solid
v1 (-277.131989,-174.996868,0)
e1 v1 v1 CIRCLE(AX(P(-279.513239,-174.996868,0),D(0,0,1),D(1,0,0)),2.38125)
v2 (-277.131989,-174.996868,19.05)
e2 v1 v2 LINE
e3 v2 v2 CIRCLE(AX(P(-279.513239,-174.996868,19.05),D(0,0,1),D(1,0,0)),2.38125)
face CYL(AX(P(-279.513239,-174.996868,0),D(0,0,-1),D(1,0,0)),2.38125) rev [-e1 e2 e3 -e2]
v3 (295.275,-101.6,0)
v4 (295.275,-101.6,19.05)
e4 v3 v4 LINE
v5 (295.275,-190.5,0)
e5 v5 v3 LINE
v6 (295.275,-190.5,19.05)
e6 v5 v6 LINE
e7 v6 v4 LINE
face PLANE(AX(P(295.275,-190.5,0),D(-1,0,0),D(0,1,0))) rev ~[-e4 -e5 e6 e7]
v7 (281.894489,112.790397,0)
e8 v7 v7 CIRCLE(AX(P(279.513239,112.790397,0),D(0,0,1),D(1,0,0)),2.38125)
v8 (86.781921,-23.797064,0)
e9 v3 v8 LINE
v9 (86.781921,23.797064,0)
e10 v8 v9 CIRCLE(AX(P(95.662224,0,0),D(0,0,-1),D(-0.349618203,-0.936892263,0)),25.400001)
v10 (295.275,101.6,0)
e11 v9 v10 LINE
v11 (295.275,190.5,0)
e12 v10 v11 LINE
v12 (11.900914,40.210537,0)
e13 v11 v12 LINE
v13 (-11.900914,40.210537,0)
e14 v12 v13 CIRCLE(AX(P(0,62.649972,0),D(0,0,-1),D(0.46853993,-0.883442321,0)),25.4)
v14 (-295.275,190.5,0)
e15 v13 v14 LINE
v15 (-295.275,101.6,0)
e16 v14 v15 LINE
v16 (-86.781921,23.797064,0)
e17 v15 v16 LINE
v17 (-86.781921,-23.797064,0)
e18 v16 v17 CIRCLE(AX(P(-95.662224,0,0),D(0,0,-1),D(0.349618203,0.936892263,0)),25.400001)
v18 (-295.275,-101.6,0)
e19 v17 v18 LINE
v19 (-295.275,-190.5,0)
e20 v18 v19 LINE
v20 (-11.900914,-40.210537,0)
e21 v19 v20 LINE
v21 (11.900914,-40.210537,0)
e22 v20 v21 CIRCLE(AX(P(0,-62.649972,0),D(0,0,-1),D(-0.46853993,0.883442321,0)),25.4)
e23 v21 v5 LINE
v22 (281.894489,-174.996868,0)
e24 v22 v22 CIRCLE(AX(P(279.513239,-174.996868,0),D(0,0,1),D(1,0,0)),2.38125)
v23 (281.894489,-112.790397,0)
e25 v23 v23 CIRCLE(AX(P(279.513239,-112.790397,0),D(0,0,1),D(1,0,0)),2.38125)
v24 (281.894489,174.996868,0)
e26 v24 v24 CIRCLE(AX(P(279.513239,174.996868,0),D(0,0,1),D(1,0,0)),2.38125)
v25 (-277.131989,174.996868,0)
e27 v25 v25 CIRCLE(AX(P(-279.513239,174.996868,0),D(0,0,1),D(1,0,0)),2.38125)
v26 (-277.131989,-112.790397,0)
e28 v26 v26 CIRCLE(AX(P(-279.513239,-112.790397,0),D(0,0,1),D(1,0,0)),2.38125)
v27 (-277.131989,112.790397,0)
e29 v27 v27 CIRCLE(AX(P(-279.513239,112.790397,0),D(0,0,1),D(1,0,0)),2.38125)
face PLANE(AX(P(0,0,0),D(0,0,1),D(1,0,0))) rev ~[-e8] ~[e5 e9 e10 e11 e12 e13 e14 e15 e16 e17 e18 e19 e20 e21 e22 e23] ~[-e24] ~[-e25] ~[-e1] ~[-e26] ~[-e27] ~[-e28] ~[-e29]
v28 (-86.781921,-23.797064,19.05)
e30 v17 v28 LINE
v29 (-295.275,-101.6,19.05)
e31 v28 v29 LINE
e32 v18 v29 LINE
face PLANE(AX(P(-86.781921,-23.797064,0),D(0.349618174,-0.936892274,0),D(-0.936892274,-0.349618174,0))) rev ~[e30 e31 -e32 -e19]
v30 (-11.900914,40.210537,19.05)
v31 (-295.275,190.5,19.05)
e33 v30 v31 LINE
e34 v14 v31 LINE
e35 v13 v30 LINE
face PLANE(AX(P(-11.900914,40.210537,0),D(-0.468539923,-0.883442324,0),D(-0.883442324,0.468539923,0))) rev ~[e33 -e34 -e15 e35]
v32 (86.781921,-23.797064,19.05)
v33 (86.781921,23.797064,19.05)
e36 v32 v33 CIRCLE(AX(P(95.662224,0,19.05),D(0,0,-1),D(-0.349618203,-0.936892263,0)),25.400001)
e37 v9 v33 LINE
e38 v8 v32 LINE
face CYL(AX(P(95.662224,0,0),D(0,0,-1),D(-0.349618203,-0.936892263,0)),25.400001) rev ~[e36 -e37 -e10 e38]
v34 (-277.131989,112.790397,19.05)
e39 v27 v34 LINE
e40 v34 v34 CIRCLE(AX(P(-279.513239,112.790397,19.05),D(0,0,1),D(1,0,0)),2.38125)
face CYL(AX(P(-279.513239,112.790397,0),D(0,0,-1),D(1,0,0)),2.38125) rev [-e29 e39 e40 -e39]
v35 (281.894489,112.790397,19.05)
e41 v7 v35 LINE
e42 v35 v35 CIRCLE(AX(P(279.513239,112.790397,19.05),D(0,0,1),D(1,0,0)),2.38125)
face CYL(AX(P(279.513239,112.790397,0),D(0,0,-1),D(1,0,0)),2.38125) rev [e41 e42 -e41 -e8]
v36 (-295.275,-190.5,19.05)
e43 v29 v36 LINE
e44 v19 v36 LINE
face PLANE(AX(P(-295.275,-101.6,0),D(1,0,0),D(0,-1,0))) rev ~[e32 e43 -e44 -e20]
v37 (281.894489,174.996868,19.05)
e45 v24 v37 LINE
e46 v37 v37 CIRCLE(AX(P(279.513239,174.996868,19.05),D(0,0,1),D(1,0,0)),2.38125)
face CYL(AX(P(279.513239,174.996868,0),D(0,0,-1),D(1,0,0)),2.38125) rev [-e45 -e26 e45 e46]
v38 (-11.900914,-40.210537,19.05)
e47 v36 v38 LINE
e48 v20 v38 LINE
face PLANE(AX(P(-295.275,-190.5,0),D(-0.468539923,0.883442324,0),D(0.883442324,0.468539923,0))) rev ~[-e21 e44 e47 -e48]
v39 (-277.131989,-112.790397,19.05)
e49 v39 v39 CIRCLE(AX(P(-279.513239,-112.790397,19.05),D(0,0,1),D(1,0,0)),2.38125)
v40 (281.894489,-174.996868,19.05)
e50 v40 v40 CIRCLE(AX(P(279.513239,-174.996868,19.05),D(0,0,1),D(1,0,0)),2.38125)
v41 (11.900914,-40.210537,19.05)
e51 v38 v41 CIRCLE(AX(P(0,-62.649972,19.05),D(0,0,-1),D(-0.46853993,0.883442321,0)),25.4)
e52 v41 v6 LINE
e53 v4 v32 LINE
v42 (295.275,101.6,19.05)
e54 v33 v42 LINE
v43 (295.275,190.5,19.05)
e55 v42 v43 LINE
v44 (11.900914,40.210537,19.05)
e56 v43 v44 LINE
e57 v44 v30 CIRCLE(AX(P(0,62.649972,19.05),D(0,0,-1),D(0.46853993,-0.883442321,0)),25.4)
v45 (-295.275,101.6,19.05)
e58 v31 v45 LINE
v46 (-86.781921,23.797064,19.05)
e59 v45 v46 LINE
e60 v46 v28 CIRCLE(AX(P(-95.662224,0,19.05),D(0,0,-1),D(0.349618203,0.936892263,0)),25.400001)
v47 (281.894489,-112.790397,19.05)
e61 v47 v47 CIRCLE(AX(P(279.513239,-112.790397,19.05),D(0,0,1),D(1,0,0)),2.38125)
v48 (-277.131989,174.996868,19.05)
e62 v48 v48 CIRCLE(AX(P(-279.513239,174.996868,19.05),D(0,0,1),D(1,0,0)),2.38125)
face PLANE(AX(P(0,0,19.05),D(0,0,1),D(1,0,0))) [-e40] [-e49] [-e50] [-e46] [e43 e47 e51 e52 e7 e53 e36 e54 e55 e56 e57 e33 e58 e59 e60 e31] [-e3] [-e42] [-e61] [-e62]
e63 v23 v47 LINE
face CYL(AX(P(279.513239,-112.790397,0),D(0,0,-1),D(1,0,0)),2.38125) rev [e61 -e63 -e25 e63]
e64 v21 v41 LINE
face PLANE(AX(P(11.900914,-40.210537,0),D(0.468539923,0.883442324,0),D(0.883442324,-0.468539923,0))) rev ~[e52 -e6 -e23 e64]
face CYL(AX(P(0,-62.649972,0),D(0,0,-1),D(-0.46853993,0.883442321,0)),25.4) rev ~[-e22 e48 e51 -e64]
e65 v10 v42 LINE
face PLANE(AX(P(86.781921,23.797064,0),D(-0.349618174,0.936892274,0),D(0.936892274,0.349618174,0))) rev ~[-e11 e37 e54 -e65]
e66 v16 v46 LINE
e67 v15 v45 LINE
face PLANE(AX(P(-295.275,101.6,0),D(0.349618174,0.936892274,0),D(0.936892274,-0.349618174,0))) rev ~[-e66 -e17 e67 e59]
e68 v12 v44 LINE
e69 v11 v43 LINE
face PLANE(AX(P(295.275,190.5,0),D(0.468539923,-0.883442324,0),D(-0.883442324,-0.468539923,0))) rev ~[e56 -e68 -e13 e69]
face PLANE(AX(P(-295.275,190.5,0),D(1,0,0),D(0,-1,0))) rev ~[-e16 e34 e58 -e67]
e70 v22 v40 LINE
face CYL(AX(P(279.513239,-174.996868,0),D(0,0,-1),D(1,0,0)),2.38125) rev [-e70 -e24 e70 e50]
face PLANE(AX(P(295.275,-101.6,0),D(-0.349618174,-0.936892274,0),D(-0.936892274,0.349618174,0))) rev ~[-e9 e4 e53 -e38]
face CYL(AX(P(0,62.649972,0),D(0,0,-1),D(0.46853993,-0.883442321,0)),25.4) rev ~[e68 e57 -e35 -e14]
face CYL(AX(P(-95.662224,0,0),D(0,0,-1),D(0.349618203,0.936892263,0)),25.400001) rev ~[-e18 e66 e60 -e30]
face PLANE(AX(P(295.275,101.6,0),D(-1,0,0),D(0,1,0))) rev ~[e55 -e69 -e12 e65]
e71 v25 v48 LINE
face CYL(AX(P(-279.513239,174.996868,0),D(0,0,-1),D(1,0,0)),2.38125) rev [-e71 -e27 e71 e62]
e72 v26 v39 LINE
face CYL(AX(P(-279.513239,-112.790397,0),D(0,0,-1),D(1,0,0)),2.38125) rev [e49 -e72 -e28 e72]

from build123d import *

# Parameters (mm, degrees)
F0_R     = 2.38125
F1_DEPTH = 19.05


with BuildPart() as f1:
    # F0 (on Top) → F1 (new body)
    with BuildSketch(Plane.XY):
        with BuildLine():
            Line((-11.900914, 40.210537), (-295.275, 190.5))
            Line((-295.275, 190.5), (-295.275, 101.6))
            Line((-295.275, 101.6), (-86.781921, 23.797064))
            ThreePointArc((-86.781921, 23.797064), (-70.262223, 0), (-86.781921, -23.797064))
            Line((-86.781921, -23.797064), (-295.275, -101.6))
            Line((-295.275, -101.6), (-295.275, -190.5))
            Line((-295.275, -190.5), (-11.900914, -40.210537))
            ThreePointArc((-11.900914, -40.210537), (0, -37.249972), (11.900914, -40.210537))
            Line((11.900914, -40.210537), (295.275, -190.5))
            Line((295.275, -190.5), (295.275, -101.6))
            Line((295.275, -101.6), (86.781921, -23.797064))
            ThreePointArc((86.781921, -23.797064), (70.262223, 0), (86.781921, 23.797064))
            Line((86.781921, 23.797064), (295.275, 101.6))
            Line((295.275, 101.6), (295.275, 190.5))
            Line((295.275, 190.5), (11.900914, 40.210537))
            ThreePointArc((11.900914, 40.210537), (0, 37.249972), (-11.900914, 40.210537))
        make_face()
        with Locations((-279.513239, -174.996868)):
            Circle(F0_R, mode=Mode.SUBTRACT)
        with Locations((-279.513239, -112.790397)):
            Circle(F0_R, mode=Mode.SUBTRACT)
        with Locations((279.513239, -174.996868)):
            Circle(F0_R, mode=Mode.SUBTRACT)
        with Locations((279.513239, -112.790397)):
            Circle(F0_R, mode=Mode.SUBTRACT)
        with Locations((-279.513239, 112.790397)):
            Circle(F0_R, mode=Mode.SUBTRACT)
        with Locations((-279.513239, 174.996868)):
            Circle(F0_R, mode=Mode.SUBTRACT)
        with Locations((279.513239, 112.790397)):
            Circle(F0_R, mode=Mode.SUBTRACT)
        with Locations((279.513239, 174.996868)):
            Circle(F0_R, mode=Mode.SUBTRACT)
    extrude(amount=F1_DEPTH)


solid = f1.part
